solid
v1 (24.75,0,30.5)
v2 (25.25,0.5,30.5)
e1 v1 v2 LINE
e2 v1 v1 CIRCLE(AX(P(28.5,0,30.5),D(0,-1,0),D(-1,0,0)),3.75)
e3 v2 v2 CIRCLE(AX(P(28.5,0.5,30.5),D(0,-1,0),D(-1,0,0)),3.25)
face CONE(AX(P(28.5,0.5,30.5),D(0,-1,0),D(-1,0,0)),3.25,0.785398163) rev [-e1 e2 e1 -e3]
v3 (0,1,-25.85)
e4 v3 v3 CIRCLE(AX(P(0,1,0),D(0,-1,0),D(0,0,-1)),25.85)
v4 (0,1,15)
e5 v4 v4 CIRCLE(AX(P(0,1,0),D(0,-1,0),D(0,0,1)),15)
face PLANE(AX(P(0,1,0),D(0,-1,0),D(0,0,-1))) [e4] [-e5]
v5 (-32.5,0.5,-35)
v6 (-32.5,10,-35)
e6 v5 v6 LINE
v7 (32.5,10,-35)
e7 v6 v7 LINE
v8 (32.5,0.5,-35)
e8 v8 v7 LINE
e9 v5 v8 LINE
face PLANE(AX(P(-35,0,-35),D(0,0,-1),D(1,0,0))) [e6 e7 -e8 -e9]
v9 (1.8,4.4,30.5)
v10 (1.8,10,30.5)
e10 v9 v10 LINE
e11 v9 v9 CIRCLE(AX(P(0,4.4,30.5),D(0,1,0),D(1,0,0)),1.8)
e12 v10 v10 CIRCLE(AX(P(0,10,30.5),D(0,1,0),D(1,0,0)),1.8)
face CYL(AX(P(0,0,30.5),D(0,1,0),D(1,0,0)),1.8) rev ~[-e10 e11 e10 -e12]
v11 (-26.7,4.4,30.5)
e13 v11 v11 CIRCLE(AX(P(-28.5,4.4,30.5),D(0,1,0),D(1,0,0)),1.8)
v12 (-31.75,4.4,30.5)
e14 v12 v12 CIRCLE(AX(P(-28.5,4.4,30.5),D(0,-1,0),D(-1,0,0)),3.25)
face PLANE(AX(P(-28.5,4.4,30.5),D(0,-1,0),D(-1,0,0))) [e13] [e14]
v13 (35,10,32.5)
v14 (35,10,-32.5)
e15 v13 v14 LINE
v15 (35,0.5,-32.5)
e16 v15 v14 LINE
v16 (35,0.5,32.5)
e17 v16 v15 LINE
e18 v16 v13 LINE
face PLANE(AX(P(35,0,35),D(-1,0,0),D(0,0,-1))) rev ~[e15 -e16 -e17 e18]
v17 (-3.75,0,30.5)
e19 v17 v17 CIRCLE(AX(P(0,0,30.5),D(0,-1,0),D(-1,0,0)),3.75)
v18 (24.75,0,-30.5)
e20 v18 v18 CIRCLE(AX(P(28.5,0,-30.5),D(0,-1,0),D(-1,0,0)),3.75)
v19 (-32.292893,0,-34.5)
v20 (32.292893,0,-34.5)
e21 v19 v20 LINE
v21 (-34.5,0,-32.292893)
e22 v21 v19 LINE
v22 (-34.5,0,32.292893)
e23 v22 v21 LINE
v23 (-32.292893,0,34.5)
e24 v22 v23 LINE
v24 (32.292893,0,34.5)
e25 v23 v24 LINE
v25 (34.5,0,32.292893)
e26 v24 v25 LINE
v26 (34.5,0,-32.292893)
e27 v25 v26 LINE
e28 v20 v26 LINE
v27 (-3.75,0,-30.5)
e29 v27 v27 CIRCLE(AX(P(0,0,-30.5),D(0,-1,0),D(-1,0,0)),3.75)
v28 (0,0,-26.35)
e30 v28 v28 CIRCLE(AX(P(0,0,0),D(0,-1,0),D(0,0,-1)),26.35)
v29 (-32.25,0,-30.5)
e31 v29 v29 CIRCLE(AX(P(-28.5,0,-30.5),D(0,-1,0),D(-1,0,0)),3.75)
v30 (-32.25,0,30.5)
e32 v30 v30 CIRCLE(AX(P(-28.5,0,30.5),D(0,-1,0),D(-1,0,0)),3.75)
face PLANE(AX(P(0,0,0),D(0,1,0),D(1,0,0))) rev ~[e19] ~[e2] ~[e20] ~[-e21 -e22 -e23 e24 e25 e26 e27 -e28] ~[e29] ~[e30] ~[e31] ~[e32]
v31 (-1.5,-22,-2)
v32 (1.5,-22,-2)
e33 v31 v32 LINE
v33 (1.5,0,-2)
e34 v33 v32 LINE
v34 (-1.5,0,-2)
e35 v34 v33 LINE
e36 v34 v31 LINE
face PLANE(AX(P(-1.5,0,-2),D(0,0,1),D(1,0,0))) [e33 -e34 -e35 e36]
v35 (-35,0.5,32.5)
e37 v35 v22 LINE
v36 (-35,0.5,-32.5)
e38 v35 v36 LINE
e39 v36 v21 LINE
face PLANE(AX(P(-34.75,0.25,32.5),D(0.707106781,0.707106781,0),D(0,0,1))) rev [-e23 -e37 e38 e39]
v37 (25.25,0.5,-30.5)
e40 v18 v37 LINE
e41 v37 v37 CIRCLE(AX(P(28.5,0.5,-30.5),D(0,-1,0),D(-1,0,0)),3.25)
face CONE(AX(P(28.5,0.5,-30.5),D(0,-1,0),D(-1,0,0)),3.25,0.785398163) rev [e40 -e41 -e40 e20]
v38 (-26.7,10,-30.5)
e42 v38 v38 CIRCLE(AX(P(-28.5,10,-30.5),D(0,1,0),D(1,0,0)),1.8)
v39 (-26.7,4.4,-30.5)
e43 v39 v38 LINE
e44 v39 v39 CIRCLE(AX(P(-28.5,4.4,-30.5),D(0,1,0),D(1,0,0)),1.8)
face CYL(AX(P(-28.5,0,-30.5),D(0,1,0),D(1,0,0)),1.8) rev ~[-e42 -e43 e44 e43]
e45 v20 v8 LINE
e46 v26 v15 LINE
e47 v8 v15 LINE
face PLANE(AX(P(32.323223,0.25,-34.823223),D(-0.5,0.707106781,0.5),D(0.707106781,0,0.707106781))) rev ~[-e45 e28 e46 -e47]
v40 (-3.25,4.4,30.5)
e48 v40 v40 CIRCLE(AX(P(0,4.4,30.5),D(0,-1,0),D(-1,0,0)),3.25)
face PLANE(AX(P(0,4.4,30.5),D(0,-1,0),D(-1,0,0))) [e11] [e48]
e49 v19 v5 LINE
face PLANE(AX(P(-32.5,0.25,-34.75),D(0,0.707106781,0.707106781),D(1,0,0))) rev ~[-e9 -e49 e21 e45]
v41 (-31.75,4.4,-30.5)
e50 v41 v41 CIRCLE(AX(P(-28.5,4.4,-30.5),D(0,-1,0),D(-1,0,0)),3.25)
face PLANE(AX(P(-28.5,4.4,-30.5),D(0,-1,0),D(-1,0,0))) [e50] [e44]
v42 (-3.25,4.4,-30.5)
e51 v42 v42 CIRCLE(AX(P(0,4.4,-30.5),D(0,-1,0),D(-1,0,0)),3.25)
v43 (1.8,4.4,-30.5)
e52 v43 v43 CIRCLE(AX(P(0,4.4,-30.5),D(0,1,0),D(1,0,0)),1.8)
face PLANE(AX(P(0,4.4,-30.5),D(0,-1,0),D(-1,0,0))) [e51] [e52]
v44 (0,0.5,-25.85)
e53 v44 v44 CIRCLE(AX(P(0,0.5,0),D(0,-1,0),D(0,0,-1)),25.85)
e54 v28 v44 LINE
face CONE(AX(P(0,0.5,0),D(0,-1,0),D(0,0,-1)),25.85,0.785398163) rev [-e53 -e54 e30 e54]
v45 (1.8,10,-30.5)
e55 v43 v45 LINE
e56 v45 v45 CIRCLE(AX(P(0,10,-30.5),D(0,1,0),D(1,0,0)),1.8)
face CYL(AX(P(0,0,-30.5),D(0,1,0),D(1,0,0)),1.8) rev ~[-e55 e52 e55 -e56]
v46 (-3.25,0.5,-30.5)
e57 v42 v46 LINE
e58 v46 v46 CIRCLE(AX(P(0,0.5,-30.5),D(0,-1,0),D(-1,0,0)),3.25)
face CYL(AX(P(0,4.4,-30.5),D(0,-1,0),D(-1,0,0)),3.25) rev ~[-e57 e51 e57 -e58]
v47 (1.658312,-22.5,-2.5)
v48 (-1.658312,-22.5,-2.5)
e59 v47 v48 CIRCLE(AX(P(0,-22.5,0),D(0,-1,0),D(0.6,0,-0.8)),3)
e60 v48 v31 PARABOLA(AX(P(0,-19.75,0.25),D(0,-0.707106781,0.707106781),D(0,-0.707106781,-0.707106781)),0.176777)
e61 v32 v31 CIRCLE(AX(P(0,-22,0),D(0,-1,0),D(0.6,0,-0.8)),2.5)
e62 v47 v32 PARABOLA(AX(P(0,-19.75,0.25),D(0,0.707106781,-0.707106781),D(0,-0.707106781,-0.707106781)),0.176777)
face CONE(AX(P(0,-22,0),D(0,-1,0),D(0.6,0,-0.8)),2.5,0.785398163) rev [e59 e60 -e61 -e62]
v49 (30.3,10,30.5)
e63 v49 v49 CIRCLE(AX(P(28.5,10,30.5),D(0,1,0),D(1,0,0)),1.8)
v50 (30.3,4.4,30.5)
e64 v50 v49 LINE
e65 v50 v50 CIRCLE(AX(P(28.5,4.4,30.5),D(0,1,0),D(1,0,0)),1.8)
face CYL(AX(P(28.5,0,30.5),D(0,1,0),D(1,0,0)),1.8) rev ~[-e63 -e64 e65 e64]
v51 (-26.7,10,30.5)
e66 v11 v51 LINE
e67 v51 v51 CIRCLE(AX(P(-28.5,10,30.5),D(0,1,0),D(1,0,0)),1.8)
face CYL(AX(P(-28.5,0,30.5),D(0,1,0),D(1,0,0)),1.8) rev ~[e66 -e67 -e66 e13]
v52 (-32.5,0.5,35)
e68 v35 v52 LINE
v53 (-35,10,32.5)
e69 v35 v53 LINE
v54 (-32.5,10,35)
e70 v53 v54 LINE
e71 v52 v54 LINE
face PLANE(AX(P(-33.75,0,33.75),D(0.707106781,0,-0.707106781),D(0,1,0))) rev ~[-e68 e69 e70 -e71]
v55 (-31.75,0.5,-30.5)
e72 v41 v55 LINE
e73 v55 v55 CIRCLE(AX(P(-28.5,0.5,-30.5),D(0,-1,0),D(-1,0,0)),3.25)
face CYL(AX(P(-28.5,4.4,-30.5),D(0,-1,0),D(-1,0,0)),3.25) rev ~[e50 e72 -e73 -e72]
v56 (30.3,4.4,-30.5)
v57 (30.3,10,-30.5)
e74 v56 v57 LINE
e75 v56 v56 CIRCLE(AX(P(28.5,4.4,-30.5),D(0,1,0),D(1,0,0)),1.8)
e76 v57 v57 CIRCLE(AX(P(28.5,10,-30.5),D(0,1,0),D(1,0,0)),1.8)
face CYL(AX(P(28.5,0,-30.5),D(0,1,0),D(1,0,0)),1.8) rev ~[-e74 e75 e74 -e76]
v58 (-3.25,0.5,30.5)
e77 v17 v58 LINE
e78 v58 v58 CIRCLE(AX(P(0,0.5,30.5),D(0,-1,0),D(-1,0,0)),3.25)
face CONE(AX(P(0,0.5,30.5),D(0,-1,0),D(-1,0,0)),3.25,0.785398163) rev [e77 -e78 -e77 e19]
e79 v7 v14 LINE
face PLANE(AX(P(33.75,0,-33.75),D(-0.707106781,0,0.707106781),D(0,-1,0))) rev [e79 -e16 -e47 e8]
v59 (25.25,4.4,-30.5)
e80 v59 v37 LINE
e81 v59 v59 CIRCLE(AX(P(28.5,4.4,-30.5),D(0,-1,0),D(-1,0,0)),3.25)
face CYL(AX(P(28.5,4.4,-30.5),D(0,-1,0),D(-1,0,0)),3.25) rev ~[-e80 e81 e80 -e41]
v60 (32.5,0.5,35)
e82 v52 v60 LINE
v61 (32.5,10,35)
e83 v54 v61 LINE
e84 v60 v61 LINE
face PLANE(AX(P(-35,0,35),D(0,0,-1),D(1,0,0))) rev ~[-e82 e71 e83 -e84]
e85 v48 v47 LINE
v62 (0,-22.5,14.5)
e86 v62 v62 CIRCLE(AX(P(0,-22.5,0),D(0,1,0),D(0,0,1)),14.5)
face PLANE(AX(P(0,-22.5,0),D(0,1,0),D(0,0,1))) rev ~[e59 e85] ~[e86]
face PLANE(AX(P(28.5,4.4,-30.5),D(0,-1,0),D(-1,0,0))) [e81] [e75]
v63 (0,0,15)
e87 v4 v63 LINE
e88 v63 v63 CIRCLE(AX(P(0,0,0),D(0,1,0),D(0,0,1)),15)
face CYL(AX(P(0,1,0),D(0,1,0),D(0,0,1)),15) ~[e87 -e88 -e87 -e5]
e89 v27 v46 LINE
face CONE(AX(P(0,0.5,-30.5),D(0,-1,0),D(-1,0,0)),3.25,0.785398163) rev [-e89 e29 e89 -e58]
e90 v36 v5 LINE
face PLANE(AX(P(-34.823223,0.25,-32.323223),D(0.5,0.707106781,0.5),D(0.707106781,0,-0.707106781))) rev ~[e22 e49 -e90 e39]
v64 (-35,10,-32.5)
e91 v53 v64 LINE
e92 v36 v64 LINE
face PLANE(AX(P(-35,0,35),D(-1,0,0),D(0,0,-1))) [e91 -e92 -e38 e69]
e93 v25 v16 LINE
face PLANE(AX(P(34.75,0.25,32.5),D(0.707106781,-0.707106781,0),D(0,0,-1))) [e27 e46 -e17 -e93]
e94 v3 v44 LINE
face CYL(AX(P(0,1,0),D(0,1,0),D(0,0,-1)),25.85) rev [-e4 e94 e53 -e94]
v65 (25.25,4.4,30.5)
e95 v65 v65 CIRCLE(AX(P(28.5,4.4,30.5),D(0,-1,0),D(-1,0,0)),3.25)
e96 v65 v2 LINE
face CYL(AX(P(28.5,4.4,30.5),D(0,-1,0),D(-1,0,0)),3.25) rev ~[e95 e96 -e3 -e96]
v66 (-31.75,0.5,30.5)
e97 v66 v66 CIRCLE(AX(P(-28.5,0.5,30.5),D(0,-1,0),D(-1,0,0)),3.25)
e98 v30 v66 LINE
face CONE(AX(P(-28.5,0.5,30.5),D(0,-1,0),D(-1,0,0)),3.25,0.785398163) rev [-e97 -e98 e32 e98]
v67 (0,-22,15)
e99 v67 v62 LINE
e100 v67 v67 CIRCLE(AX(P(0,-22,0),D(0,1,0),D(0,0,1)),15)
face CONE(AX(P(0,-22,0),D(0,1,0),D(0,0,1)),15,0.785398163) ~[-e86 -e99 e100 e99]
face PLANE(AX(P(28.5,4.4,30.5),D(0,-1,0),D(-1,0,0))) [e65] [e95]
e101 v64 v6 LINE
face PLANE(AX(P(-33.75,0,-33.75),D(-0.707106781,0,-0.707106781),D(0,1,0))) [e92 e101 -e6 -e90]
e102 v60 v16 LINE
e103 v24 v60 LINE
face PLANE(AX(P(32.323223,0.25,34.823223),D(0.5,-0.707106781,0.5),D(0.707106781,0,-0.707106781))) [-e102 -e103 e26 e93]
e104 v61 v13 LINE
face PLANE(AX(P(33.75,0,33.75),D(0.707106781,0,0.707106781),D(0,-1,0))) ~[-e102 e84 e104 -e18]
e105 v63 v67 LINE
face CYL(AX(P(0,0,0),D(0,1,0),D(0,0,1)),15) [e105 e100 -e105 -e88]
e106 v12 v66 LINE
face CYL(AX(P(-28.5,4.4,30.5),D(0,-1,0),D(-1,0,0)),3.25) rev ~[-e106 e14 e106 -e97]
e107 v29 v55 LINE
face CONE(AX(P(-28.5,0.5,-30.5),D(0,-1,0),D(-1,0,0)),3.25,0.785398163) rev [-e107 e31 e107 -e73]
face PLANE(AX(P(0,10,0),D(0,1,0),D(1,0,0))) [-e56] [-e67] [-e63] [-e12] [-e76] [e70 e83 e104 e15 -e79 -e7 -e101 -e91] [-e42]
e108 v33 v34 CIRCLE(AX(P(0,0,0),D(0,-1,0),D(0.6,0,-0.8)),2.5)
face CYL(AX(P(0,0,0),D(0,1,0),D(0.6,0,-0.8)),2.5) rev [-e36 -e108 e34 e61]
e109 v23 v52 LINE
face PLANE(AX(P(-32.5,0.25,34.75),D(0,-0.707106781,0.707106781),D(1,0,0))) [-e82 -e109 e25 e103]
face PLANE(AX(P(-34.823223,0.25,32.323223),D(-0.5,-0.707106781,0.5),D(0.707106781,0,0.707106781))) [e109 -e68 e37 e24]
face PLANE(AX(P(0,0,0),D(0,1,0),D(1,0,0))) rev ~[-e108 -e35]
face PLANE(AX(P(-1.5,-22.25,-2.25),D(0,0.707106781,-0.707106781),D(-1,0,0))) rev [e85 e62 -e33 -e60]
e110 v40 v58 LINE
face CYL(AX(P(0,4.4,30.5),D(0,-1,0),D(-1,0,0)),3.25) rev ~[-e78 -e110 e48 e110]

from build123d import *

# Parameters (mm, degrees)
SKETCH1_W                                           = 70
SKETCH1_H                                           = 70
BOSS_EXTRUDE1_DEPTH                                 = 10
SKETCH1_3_R                                         = 15
BOSS_EXTRUDE2_DEPTH                                 = 22.5
CUT_EXTRUDE1_START                                  = -1
SKETCH2_R                                           = 25.85
SKETCH2_R_2                                         = 15
CUT_EXTRUDE1_DEPTH                                  = 1
CBORE_FOR_M3_HEX_SOCKET_HEAD_CAP_SCREW1_D           = 3.6
CBORE_FOR_M3_HEX_SOCKET_HEAD_CAP_SCREW1_CBORE_D     = 6.5
CBORE_FOR_M3_HEX_SOCKET_HEAD_CAP_SCREW1_CBORE_DEPTH = 4.4
F_2_5MM_CHAMFER1_SIZE                               = 2.5
F_0_5MM_CHAMFER2_SIZE                               = 0.5


with BuildPart() as part:
    # Sketch1 → Boss-Extrude1 (new body)
    with BuildSketch(Plane(origin=(0, 0, 0), x_dir=(1, 0, 0), z_dir=(0, 1, 0))):
        Rectangle(SKETCH1_W, SKETCH1_H)
    extrude(amount=BOSS_EXTRUDE1_DEPTH)

    # Sketch1<3> → Boss-Extrude2 (add)
    with BuildSketch(Plane(origin=(0, 0, 0), x_dir=(1, 0, 0), z_dir=(0, 1, 0))):
        with Locations(Location((0, 0, 0), (0, 0, 270))):
            Circle(SKETCH1_3_R)
        with BuildLine():
            Line((-1.5, 2), (1.5, 2))
            ThreePointArc((1.5, 2), (0, -2.5), (-1.5, 2))
        make_face(mode=Mode.SUBTRACT)
    extrude(amount=-BOSS_EXTRUDE2_DEPTH)

    # Sketch2 → Cut-Extrude1 (cut)
    with BuildSketch(Plane.XZ.offset(CUT_EXTRUDE1_START)):
        with Locations(Location((0, 0, 0), (0, 0, 270))):
            Circle(SKETCH2_R)
        with Locations(Location((0, 0, 0), (0, 0, 90))):
            Circle(SKETCH2_R_2, mode=Mode.SUBTRACT)
    extrude(amount=CUT_EXTRUDE1_DEPTH, mode=Mode.SUBTRACT)

    # CBORE for M3 Hex Socket Head Cap Screw1 (through all)
    with Locations(Plane(origin=(0, 0, 0), x_dir=(-1, 0, 0), z_dir=(0, -1, 0))):
        with Locations((-28.5, 30.5), (28.5, -30.5), (-28.5, -30.5), (28.5, 30.5), (0, -30.5), (0, 30.5)):
            CounterBoreHole(CBORE_FOR_M3_HEX_SOCKET_HEAD_CAP_SCREW1_D / 2, CBORE_FOR_M3_HEX_SOCKET_HEAD_CAP_SCREW1_CBORE_D / 2, CBORE_FOR_M3_HEX_SOCKET_HEAD_CAP_SCREW1_CBORE_DEPTH)

    # 2,5mm Chamfer1
    f_2_5mm_chamfer1_edges = [part.edges().sort_by_distance(p)[0] for p in [
        (-35, 5, -35),
        (-35, 5, 35),
        (35, 5, 35),
        (35, 5, -35),
    ]]
    chamfer(f_2_5mm_chamfer1_edges, length=F_2_5MM_CHAMFER1_SIZE)

    # 0,5mm Chamfer2
    f_0_5mm_chamfer2_edges = [part.edges().sort_by_distance(p)[0] for p in [
        (0, -22.5, -2),
        (0, -22.5, -15),
        (0, -22.5, 2.5),
        (0, 0, 25.85),
        (3.25, 0, -30.5),
        (3.25, 0, 30.5),
        (-25.25, 0, -30.5),
        (31.75, 0, 30.5),
        (-25.25, 0, 30.5),
        (31.75, 0, -30.5),
        (0, 0, 35),
        (0, 0, -35),
        (35, 0, 0),
        (-35, 0, 0),
        (33.75, 0, -33.75),
        (-33.75, 0, -33.75),
        (33.75, 0, 33.75),
        (-33.75, 0, 33.75),
    ]]
    chamfer(f_0_5mm_chamfer2_edges, length=F_0_5MM_CHAMFER2_SIZE)


solid = part.part
